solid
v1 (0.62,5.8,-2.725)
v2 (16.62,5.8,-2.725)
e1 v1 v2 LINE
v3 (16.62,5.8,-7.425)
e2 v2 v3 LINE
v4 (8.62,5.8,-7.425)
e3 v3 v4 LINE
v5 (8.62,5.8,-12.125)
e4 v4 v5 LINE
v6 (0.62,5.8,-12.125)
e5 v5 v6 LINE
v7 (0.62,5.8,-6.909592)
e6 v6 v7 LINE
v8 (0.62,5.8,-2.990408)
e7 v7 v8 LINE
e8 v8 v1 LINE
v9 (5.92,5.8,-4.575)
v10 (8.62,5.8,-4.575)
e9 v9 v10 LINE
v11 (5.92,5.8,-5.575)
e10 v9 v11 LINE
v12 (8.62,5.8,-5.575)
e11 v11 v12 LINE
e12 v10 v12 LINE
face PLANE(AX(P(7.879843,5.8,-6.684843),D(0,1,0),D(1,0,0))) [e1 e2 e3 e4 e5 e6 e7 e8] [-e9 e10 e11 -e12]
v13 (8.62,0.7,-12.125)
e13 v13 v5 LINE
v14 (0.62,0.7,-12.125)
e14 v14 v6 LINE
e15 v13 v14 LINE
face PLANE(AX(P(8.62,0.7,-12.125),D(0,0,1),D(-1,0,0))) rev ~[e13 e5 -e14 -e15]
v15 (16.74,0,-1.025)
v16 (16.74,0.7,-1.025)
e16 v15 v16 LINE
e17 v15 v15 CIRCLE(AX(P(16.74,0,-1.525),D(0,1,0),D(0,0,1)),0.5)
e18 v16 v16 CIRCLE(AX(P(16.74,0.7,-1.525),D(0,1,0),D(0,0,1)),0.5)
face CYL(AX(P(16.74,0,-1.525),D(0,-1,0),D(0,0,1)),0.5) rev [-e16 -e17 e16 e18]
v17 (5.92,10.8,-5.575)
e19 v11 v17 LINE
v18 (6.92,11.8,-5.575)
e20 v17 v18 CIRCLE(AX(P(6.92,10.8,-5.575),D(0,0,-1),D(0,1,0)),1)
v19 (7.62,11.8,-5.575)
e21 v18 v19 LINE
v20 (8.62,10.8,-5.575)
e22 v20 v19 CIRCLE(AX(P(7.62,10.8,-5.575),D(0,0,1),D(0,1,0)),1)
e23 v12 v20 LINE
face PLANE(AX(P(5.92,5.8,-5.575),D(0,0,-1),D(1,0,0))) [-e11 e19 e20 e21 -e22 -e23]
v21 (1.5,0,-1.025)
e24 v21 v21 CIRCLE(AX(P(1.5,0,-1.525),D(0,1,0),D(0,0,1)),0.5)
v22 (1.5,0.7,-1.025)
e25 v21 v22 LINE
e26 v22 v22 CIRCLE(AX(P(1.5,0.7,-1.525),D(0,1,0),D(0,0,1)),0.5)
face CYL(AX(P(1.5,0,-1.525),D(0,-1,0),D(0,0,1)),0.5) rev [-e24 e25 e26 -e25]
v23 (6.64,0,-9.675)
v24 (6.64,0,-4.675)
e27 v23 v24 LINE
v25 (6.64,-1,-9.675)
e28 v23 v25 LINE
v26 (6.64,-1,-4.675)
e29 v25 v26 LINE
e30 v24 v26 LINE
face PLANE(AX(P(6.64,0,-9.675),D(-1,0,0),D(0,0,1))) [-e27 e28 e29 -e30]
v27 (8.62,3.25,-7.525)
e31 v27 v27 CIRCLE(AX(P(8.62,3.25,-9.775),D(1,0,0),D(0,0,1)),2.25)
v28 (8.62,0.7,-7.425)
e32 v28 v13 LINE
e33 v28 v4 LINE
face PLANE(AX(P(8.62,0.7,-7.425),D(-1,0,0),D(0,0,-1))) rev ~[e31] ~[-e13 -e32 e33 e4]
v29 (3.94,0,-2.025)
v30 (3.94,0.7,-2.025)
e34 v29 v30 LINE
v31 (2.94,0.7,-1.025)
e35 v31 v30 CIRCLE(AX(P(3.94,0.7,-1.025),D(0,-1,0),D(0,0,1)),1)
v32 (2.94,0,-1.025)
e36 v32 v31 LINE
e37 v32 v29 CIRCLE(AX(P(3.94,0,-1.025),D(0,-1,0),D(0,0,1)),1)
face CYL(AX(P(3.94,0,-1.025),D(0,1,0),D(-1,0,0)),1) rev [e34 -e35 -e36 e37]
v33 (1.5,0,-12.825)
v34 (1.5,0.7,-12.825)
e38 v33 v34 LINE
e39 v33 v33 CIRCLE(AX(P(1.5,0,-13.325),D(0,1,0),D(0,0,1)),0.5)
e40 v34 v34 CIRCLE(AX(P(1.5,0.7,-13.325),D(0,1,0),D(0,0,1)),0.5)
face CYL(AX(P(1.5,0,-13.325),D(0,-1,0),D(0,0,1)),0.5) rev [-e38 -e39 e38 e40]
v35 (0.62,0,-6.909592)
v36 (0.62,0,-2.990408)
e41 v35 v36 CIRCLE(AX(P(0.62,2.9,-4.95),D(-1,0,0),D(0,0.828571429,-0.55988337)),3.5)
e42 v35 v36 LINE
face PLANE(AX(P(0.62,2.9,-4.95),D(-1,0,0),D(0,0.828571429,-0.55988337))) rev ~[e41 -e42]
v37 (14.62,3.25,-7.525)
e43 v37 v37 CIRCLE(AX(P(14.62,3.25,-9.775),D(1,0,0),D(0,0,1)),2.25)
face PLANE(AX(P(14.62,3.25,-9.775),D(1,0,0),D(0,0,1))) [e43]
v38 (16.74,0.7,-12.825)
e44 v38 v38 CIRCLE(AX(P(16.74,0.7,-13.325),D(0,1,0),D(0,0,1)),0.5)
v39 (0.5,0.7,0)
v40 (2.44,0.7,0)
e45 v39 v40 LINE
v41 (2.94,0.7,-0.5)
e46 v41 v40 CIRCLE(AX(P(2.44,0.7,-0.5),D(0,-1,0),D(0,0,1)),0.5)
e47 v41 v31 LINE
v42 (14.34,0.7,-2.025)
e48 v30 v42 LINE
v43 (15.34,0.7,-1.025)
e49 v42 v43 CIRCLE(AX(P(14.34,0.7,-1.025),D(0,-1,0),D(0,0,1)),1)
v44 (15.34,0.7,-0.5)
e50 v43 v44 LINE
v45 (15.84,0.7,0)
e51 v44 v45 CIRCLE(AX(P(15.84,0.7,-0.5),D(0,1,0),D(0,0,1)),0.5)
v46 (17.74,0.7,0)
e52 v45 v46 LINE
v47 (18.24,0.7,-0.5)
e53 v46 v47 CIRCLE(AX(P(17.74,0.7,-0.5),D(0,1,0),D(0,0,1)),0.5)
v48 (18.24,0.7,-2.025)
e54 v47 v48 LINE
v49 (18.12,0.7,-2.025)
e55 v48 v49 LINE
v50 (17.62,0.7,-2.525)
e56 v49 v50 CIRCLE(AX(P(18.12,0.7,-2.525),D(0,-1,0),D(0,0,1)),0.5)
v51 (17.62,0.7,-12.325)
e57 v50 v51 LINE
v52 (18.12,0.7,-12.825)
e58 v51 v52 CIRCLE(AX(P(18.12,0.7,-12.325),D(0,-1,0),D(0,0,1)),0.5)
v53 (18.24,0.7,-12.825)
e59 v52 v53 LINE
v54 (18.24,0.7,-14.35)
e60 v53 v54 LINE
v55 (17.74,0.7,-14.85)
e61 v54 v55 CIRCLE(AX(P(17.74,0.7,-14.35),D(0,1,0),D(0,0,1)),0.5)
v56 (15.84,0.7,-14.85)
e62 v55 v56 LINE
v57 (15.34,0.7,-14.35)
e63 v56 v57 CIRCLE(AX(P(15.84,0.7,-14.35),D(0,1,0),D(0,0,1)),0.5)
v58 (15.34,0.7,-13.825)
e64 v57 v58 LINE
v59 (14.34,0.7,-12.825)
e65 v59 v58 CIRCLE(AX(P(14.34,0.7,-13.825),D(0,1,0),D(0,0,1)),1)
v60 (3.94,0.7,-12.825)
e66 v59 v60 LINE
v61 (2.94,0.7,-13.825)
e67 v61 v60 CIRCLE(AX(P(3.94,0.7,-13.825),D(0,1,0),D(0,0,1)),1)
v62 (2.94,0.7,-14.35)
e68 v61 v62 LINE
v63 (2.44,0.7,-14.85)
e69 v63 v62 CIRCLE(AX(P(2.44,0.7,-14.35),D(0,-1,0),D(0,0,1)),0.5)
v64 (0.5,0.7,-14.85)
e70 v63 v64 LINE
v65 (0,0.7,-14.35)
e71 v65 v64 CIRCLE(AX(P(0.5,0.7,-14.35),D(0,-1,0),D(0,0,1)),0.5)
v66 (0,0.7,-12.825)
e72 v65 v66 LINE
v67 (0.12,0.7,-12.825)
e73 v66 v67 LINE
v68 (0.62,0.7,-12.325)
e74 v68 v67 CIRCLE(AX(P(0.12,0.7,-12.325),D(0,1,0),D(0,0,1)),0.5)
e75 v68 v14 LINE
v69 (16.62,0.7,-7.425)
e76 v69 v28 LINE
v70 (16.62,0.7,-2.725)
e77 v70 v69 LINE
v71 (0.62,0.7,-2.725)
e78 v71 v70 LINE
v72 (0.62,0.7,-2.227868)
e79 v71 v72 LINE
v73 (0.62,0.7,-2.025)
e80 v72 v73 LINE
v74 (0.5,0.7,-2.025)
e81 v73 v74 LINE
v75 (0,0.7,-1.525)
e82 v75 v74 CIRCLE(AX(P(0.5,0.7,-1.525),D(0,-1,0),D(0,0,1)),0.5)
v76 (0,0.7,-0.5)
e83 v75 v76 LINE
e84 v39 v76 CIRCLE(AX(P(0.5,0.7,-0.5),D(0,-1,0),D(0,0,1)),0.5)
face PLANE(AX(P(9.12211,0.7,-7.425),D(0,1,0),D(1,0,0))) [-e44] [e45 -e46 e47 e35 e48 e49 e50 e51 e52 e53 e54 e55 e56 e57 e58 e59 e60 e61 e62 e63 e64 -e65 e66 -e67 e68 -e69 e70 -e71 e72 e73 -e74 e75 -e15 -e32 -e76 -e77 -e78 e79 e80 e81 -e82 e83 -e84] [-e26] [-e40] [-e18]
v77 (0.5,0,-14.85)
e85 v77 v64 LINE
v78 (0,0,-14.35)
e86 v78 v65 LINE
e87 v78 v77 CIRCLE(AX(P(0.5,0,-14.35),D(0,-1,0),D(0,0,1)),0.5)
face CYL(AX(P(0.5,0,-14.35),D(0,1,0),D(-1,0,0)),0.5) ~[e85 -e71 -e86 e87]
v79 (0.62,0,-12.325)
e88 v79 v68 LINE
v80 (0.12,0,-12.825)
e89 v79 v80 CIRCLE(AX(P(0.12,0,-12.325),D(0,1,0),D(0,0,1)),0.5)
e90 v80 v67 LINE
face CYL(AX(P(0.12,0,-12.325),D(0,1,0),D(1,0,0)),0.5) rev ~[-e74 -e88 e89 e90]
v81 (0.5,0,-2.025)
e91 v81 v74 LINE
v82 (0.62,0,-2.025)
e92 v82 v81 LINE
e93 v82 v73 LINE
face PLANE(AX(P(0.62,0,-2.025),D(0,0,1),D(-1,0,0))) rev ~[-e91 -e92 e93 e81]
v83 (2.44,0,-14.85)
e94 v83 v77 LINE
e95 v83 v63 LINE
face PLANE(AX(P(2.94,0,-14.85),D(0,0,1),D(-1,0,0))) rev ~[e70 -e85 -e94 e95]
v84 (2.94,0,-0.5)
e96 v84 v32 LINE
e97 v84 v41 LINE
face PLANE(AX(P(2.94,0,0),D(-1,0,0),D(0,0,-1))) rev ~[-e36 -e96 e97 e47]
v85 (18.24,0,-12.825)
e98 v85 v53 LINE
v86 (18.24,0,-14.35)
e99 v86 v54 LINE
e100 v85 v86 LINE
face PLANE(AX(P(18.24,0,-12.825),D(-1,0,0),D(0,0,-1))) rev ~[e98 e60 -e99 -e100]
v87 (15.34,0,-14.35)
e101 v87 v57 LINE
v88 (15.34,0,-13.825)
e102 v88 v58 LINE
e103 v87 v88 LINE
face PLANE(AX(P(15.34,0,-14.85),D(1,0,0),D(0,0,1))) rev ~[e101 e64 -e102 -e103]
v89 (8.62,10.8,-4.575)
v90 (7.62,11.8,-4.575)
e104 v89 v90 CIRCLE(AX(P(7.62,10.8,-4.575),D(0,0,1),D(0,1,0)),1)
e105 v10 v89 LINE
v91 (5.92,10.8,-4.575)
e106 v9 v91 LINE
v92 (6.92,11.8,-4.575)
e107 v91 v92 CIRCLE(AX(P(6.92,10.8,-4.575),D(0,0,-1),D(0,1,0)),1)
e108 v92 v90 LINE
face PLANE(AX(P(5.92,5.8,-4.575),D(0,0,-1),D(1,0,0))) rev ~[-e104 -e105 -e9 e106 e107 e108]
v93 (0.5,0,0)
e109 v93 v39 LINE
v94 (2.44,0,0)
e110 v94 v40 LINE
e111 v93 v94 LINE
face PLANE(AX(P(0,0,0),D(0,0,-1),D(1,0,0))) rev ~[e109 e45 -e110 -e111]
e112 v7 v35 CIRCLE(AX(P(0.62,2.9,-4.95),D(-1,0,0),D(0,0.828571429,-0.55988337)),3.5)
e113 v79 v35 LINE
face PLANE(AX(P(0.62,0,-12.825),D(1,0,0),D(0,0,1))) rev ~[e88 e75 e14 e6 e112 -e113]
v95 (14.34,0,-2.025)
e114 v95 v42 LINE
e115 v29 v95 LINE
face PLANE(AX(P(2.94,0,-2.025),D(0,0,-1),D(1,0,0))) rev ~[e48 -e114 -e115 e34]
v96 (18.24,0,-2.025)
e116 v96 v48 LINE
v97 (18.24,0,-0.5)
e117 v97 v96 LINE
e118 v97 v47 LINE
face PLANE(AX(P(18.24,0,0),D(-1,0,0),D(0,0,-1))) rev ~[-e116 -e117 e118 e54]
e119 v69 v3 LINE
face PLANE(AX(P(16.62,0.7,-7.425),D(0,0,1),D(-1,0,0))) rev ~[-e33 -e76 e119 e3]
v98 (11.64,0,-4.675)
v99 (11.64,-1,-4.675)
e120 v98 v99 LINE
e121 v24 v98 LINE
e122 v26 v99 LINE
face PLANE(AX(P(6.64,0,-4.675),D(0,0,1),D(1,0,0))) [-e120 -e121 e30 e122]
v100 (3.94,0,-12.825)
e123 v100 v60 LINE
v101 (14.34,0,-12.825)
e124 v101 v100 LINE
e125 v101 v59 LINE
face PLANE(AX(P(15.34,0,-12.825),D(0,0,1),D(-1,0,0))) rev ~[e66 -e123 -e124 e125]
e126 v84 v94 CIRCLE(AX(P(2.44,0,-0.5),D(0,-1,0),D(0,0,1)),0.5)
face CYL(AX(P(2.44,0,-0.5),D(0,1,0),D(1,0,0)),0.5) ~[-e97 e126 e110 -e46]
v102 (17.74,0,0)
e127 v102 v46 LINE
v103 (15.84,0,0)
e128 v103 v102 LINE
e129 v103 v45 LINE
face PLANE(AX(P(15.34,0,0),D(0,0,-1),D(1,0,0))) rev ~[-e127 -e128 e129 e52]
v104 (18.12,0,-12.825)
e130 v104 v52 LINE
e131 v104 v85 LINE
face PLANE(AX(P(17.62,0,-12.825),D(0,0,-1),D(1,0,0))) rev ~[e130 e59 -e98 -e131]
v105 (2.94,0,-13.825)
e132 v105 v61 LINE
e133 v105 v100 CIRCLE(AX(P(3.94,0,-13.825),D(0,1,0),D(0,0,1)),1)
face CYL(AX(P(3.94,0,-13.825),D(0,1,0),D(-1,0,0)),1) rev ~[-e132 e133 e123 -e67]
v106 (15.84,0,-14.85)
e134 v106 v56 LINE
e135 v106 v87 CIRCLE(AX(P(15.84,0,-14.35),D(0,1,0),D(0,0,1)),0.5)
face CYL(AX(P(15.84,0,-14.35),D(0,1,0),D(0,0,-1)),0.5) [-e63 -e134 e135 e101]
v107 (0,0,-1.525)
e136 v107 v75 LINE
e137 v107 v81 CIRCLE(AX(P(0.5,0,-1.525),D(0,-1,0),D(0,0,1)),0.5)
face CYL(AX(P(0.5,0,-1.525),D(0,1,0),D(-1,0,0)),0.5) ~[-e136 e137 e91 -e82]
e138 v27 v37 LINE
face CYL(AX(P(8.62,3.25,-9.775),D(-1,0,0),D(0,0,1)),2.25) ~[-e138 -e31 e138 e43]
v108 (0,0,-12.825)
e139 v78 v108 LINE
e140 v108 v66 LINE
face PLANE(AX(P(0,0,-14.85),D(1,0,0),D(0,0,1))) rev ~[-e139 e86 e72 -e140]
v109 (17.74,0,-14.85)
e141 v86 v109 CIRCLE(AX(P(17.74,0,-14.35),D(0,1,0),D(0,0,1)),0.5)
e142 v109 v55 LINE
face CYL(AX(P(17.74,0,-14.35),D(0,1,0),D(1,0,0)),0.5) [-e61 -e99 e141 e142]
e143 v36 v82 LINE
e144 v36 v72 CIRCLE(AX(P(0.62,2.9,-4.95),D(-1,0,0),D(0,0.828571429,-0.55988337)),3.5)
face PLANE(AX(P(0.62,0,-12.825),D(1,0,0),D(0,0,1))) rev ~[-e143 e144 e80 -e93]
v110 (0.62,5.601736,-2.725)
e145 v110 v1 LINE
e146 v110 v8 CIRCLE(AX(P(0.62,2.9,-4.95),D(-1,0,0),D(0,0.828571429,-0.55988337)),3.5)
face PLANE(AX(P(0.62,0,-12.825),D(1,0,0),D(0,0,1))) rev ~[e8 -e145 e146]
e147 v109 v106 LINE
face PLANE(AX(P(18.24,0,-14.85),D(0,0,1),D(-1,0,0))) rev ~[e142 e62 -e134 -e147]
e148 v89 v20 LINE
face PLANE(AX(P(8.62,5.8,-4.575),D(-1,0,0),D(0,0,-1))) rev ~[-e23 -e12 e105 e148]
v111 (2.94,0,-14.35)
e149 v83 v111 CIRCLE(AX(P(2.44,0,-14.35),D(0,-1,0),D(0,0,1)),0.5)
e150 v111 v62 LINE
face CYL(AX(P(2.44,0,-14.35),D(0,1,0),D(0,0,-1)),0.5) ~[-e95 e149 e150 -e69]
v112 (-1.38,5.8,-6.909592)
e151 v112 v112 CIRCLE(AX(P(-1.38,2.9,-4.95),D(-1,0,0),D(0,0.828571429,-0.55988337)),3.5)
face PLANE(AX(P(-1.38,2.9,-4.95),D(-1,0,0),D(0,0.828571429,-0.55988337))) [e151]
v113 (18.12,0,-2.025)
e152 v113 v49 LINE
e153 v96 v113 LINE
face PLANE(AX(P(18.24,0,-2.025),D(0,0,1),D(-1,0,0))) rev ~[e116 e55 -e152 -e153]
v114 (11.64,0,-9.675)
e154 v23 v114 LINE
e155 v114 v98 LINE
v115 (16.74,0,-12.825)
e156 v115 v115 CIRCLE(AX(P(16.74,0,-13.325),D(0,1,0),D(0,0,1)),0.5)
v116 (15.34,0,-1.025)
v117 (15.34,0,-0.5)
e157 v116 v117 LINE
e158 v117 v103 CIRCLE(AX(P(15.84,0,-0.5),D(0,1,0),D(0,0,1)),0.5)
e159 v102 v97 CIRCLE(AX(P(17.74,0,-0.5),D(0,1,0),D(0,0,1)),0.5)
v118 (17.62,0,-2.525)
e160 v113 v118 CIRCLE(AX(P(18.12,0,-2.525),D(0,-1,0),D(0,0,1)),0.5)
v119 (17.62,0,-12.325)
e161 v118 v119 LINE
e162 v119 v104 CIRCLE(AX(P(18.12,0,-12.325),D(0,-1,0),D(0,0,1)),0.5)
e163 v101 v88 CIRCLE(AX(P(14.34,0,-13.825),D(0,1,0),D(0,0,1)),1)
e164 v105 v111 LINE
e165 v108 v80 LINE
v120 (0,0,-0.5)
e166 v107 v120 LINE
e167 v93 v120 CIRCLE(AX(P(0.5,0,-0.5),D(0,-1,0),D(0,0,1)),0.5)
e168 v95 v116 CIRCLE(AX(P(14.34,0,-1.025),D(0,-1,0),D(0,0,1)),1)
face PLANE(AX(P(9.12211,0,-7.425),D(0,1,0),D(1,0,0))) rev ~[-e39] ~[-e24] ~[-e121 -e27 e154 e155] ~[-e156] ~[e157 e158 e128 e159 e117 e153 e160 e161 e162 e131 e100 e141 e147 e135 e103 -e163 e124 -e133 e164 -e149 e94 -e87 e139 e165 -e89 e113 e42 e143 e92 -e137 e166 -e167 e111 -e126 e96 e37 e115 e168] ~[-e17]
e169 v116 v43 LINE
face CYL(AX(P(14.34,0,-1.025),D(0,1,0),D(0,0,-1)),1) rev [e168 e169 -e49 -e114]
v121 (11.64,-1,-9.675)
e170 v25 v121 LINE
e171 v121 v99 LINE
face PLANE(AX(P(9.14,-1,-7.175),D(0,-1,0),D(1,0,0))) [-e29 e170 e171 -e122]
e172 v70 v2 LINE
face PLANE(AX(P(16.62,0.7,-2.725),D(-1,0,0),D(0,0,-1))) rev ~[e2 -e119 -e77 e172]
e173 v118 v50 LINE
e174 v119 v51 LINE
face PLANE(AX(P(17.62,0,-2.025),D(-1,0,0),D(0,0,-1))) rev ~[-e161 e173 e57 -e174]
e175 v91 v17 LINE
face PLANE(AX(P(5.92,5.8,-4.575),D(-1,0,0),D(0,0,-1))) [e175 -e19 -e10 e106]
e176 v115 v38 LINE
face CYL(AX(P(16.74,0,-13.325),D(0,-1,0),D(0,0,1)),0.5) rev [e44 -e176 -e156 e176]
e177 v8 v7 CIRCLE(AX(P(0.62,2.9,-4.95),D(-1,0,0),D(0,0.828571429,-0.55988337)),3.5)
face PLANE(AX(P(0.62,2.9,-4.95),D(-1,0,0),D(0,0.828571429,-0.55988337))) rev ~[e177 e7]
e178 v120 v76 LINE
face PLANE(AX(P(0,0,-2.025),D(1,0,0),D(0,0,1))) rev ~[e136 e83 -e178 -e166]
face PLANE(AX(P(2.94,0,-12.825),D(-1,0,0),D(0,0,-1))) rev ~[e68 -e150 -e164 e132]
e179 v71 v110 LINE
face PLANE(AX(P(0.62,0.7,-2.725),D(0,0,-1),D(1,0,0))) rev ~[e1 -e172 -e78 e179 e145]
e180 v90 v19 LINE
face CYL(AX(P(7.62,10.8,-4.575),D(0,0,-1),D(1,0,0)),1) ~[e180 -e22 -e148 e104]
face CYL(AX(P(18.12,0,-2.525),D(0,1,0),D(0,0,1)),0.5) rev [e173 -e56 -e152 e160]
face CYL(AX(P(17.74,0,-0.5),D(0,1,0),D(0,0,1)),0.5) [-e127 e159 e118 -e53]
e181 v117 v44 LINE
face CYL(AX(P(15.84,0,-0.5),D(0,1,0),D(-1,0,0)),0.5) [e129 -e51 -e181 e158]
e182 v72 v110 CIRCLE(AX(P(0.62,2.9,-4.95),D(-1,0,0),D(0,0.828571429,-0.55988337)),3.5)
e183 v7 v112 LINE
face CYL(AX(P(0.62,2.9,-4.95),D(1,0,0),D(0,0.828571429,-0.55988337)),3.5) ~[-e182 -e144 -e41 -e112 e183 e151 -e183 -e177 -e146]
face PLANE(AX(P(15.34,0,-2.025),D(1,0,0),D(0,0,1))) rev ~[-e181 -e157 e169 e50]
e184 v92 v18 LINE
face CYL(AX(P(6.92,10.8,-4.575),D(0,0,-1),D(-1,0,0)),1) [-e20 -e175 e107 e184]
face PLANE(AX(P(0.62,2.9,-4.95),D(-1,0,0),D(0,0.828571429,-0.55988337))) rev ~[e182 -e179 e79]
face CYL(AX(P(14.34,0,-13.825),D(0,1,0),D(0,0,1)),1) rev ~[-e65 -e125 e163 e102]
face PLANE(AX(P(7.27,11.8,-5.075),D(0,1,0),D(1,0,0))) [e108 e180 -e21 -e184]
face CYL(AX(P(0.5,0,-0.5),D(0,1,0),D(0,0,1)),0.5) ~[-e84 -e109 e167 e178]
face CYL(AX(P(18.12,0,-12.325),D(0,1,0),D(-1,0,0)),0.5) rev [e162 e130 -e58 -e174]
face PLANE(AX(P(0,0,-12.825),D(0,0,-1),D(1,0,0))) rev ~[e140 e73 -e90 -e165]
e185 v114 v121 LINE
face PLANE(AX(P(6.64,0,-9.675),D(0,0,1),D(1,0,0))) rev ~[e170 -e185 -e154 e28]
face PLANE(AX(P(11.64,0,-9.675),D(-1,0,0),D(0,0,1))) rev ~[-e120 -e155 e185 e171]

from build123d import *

# Parameters (mm, degrees)
SKETCH1_R            = 0.5
BOSS_EXTRUDE1_DEPTH  = 0.7
FILLET1_R            = 1
FILLET2_R            = 0.5
BOSS_EXTRUDE2_DEPTH  = 5.1
SKETCH3_R            = 2.25
BOSS_EXTRUDE7_DEPTH  = 6
SKETCH4_W            = 5
SKETCH4_H            = 5
BOSS_EXTRUDE8_DEPTH  = 1
SKETCH5_R            = 3.5
BOSS_EXTRUDE9_DEPTH  = 2
SKETCH6_W            = 2.7
SKETCH6_H            = 1
BOSS_EXTRUDE10_DEPTH = 6
FILLET3_R            = 1


with BuildPart() as part:
    # Sketch1 → Boss-Extrude1 (new body)
    with BuildSketch(Plane(origin=(0, 0, 0), x_dir=(1, 0, 0), z_dir=(0, 1, 0))):
        Polygon((0, 0), (2.94, 0), (2.94, 2.025), (15.34, 2.025), (15.34, 0), (18.24, 0), (18.24, 2.025), (17.62, 2.025), (17.62, 12.825), (18.24, 12.825), (18.24, 14.85), (15.34, 14.85), (15.34, 12.825), (2.94, 12.825), (2.94, 14.85), (0, 14.85), (0, 12.825), (0.62, 12.825), (0.62, 2.025), (0, 2.025), align=None)
        with Locations(Location((1.5, 13.325, 0), (0, 0, 270))):
            Circle(SKETCH1_R, mode=Mode.SUBTRACT)
        with Locations(Location((1.5, 1.525, 0), (0, 0, 270))):
            Circle(SKETCH1_R, mode=Mode.SUBTRACT)
        with Locations(Location((16.74, 1.525, 0), (0, 0, 270))):
            Circle(SKETCH1_R, mode=Mode.SUBTRACT)
        with Locations(Location((16.74, 13.325, 0), (0, 0, 270))):
            Circle(SKETCH1_R, mode=Mode.SUBTRACT)
    extrude(amount=BOSS_EXTRUDE1_DEPTH)

    # Fillet1
    fillet1_edges = [part.edges().sort_by_distance(p)[0] for p in [
        (2.94, 0.35, -12.825),
        (15.34, 0.35, -12.825),
        (15.34, 0.35, -2.025),
        (2.94, 0.35, -2.025),
    ]]
    fillet(fillet1_edges, radius=FILLET1_R)

    # Fillet2
    fillet2_edges = [part.edges().sort_by_distance(p)[0] for p in [
        (0, 0.35, -2.025),
        (0.62, 0.35, -12.825),
        (0, 0.35, -14.85),
        (2.94, 0.35, -14.85),
        (15.34, 0.35, -14.85),
        (18.24, 0.35, -14.85),
        (17.62, 0.35, -12.825),
        (17.62, 0.35, -2.025),
        (18.24, 0.35, 0),
        (15.34, 0.35, 0),
        (2.94, 0.35, 0),
        (0, 0.35, 0),
    ]]
    fillet(fillet2_edges, radius=FILLET2_R)

    # Sketch2 → Boss-Extrude2 (add)
    with BuildSketch(Plane(origin=(0, 0.7, 0), x_dir=(1, 0, 0), z_dir=(0, 1, 0))):
        Polygon((0.62, 2.725), (16.62, 2.725), (16.62, 7.425), (8.62, 7.425), (8.62, 12.125), (0.62, 12.125), align=None)
    extrude(amount=BOSS_EXTRUDE2_DEPTH)

    # Sketch3 → Boss-Extrude7 (add)
    with BuildSketch(Plane(origin=(8.62, 0, 0), x_dir=(0, 0, -1), z_dir=(1, 0, 0))):
        with Locations(Location((9.775, 3.25, 0), (0, 0, 180))):
            Circle(SKETCH3_R)
    extrude(amount=BOSS_EXTRUDE7_DEPTH)

    # Sketch4 → Boss-Extrude8 (add)
    with BuildSketch(Plane.XZ):
        with Locations((9.14, -7.175)):
            Rectangle(SKETCH4_W, SKETCH4_H)
    extrude(amount=BOSS_EXTRUDE8_DEPTH)

    # Sketch5 → Boss-Extrude9 (add)
    with BuildSketch(Plane.ZY.offset(-0.62)):
        with Locations(Location((-4.95, 2.9, 0), (0, 0, 124.04773237))):
            Circle(SKETCH5_R)
    extrude(amount=BOSS_EXTRUDE9_DEPTH)

    # Sketch6 → Boss-Extrude10 (add)
    with BuildSketch(Plane(origin=(0, 5.8, 0), x_dir=(1, 0, 0), z_dir=(0, 1, 0))):
        with Locations((7.27, 5.075)):
            Rectangle(SKETCH6_W, SKETCH6_H)
    extrude(amount=BOSS_EXTRUDE10_DEPTH)

    # Fillet3
    fillet3_edges = [part.edges().sort_by_distance(p)[0] for p in [
        (5.92, 11.8, -5.075),
        (8.62, 11.8, -5.075),
    ]]
    fillet(fillet3_edges, radius=FILLET3_R)


solid = part.part
